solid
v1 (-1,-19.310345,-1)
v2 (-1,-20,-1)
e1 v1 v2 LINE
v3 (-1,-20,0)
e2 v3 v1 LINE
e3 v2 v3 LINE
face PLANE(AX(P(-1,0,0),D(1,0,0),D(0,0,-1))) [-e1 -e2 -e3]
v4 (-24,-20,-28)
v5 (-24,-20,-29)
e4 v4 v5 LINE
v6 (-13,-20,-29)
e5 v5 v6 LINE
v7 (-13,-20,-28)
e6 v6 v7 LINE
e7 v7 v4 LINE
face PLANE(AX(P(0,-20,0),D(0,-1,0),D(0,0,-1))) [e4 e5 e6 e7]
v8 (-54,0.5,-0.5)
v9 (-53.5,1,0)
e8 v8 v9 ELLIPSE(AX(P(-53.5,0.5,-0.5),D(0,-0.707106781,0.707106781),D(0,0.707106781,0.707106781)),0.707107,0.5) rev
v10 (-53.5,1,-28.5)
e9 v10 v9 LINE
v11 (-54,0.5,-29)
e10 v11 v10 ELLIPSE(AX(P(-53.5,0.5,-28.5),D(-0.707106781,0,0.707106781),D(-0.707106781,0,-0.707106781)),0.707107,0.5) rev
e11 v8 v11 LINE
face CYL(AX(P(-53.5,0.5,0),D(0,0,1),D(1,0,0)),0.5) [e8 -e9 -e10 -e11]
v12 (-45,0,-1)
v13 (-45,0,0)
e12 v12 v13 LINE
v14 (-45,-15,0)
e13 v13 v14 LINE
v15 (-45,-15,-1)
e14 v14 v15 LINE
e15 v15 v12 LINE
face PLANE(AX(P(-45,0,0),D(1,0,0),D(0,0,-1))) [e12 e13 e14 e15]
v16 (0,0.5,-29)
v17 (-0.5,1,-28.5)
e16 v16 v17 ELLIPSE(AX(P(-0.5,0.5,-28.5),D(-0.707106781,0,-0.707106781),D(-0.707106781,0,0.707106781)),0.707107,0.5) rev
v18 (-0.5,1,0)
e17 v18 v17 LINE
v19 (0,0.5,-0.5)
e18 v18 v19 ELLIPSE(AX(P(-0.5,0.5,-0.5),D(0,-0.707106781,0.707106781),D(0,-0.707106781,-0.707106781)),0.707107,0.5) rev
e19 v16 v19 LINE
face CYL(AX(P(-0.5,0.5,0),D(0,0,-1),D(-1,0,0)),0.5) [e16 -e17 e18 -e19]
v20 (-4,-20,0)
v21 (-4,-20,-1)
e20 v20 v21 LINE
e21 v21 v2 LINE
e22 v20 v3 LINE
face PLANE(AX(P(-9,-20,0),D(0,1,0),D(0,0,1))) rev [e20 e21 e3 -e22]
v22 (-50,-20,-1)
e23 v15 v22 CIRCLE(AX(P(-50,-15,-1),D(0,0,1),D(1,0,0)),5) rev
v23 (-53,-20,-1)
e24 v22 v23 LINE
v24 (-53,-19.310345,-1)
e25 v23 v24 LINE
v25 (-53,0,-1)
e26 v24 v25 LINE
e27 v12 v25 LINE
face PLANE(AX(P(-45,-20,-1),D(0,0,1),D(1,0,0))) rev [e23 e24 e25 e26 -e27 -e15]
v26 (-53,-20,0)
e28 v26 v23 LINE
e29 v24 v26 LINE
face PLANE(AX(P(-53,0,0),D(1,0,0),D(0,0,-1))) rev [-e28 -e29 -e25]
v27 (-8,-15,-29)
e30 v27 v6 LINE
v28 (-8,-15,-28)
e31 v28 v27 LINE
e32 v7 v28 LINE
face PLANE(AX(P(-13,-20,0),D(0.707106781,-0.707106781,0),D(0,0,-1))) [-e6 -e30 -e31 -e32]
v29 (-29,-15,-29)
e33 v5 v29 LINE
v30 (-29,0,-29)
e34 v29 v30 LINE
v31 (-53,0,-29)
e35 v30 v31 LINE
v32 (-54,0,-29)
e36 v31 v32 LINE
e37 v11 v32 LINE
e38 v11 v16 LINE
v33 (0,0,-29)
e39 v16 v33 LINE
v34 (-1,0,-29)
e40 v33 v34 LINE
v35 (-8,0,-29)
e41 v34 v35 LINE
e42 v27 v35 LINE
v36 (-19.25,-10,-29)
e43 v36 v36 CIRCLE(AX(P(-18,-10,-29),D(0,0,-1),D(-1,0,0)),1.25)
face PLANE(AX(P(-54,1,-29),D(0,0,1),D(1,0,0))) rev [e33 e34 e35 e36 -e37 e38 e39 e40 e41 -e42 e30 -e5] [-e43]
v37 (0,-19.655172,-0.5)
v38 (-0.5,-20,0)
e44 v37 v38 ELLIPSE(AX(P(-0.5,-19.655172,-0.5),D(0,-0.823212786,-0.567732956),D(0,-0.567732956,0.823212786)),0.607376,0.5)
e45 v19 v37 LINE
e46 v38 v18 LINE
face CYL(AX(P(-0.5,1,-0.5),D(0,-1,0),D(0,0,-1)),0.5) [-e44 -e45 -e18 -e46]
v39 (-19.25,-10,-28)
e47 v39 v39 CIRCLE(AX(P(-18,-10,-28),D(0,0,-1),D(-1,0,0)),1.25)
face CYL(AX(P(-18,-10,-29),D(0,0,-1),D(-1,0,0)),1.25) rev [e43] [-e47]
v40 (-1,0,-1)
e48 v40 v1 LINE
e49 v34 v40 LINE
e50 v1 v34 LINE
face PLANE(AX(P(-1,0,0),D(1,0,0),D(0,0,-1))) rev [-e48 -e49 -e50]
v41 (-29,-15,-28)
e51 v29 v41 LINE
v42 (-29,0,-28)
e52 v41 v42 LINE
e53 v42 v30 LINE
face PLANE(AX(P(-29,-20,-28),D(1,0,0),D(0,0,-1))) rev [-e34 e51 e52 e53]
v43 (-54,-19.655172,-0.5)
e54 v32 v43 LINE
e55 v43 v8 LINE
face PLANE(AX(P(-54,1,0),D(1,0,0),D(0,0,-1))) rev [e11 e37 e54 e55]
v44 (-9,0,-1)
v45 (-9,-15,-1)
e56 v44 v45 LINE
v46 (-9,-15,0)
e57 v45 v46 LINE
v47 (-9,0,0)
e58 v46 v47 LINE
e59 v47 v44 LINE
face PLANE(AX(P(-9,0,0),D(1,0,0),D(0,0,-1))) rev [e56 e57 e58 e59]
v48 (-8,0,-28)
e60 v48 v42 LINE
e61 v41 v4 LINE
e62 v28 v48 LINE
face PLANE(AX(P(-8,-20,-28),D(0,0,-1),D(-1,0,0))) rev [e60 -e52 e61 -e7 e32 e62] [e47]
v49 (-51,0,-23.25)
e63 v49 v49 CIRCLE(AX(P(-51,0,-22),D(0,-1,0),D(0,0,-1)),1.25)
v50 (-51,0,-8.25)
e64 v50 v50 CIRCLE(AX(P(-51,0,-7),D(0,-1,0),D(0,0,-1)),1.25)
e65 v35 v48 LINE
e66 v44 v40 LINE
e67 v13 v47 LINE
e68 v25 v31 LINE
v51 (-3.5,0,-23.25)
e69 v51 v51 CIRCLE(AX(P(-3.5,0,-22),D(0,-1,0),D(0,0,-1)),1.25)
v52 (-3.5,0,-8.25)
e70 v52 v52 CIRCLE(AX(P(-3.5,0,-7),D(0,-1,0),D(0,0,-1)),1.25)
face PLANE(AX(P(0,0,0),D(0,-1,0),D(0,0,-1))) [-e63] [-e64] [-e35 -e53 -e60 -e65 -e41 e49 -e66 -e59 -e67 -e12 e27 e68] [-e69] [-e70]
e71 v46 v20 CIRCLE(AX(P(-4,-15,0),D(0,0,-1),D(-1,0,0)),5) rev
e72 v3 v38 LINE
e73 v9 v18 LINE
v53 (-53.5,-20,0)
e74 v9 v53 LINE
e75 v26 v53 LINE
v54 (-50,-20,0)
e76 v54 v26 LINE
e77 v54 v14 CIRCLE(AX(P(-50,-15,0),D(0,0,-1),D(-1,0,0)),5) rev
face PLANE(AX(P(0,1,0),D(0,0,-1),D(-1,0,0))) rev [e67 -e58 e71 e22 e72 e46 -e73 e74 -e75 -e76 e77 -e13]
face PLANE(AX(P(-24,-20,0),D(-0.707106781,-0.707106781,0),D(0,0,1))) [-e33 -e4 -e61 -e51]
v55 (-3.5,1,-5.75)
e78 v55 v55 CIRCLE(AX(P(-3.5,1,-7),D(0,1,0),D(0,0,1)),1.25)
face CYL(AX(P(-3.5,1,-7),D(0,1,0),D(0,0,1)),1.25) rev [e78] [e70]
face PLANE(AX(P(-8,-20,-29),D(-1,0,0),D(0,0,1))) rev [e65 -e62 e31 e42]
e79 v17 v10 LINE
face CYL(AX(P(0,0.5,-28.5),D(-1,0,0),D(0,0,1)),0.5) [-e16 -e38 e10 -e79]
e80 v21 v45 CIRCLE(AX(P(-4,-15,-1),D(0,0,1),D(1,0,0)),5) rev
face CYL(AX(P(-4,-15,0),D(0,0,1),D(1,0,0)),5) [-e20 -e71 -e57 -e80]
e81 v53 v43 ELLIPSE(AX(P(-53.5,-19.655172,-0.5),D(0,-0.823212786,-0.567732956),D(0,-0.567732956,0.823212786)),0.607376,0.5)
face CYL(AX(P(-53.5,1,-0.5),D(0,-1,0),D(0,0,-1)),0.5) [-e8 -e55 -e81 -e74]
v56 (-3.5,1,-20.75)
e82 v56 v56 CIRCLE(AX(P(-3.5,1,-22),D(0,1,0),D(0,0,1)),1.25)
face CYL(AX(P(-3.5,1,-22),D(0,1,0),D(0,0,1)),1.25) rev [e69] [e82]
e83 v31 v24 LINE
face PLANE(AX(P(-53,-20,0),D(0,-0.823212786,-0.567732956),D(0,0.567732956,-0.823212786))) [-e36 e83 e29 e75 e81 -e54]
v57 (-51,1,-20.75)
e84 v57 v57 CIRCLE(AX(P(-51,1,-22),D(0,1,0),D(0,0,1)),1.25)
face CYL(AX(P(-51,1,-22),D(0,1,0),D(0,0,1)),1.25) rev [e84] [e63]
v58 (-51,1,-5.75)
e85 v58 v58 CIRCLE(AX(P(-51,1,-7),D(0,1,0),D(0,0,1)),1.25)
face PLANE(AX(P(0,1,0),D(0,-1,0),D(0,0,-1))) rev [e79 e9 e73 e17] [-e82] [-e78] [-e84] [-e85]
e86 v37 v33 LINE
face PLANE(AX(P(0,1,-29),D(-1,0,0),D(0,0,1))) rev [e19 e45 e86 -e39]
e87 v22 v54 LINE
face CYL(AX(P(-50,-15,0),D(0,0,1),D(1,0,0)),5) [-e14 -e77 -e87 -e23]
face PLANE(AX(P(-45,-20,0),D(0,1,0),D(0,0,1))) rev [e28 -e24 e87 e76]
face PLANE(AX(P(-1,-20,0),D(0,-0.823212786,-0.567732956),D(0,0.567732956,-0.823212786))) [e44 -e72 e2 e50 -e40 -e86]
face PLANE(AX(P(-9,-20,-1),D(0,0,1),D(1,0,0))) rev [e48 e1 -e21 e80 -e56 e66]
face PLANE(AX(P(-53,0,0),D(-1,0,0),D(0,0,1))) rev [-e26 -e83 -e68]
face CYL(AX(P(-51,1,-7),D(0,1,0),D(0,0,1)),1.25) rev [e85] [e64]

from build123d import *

# Parameters (mm, degrees)
SKETCH_1_W         = 54
SKETCH_1_H         = 29
EXTRUDE_1_DEPTH    = 1
EXTRUDE_2_DEPTH    = 1
EXTRUDE_3_DEPTH    = 1
SKETCH_4_W         = 1
SKETCH_4_H         = 20
EXTRUDE_4_DEPTH    = 8
SKETCH_5_W         = 1
SKETCH_5_H         = 20
EXTRUDE_5_DEPTH    = 8
SKETCH_6_W         = 21
SKETCH_6_H         = 1
EXTRUDE_6_DEPTH    = 20
HOLE_WIZARD_M3_1_D = 2.5
CHAMFER_1_SIZE     = 5
FILLET_1_R         = 0.5
FILLET_2_R         = 5
HOLE_WIZARD_M3_2_D = 2.5


with BuildPart() as part:
    # 草图1 → 凸台-拉伸1 (new body)
    with BuildSketch(Plane(origin=(0, 0, 0), x_dir=(1, 0, 0), z_dir=(0, 1, 0))):
        with Locations((-27, 14.5)):
            Rectangle(SKETCH_1_W, SKETCH_1_H)
    extrude(amount=EXTRUDE_1_DEPTH)

    # 草图2 → 凸台-拉伸2 (add)
    with BuildSketch(Plane.ZY.offset(54)):
        Polygon((-29, 0), (0, 0), (0, -20), align=None)
    extrude(amount=-EXTRUDE_2_DEPTH)

    # 草图3 → 凸台-拉伸3 (add)
    with BuildSketch(Plane(origin=(0, 0, 0), x_dir=(0, 0, -1), z_dir=(1, 0, 0))):
        Polygon((0, 0), (0, -20), (29, 0), align=None)
    extrude(amount=-EXTRUDE_3_DEPTH)

    # 草图4 → 凸台-拉伸4 (add)
    with BuildSketch(Plane.ZY.offset(1)):
        with Locations((-0.5, -10)):
            Rectangle(SKETCH_4_W, SKETCH_4_H)
    extrude(amount=EXTRUDE_4_DEPTH)

    # 草图5 → 凸台-拉伸5 (add)
    with BuildSketch(Plane(origin=(-53, 0, 0), x_dir=(0, 0, -1), z_dir=(1, 0, 0))):
        with Locations((0.5, -10)):
            Rectangle(SKETCH_5_W, SKETCH_5_H)
    extrude(amount=EXTRUDE_5_DEPTH)

    # 草图6 → 凸台-拉伸6 (add)
    with BuildSketch(Plane.XZ):
        with Locations((-18.5, -28.5)):
            Rectangle(SKETCH_6_W, SKETCH_6_H)
    extrude(amount=EXTRUDE_6_DEPTH)

    # M3 螺纹孔1 (through all)
    with Locations(Plane(origin=(0, 0, -29), x_dir=(-1, 0, 0), z_dir=(0, 0, -1))):
        with Locations((18, -10)):
            Hole(HOLE_WIZARD_M3_1_D / 2)

    # 倒角1
    chamfer_1_edges = [part.edges().sort_by_distance(p)[0] for p in [
        (-8, -20, -28.5),
        (-29, -20, -28.5),
    ]]
    chamfer(chamfer_1_edges, length=CHAMFER_1_SIZE)

    # 圆角1
    fillet_1_edges = [part.edges().sort_by_distance(p)[0] for p in [
        (-54, 1, -14.5),
        (0, 1, -14.5),
        (-27, 1, -29),
        (0, -9.5, 0),
        (-54, -9.5, 0),
    ]]
    fillet(fillet_1_edges, radius=FILLET_1_R)

    # 圆角2
    fillet_2_edges = [part.edges().sort_by_distance(p)[0] for p in [
        (-9, -20, -0.5),
        (-45, -20, -0.5),
    ]]
    fillet(fillet_2_edges, radius=FILLET_2_R)

    # M3 螺纹孔2 (through all)
    with Locations(Plane(origin=(0, 1, 0), x_dir=(1, 0, 0), z_dir=(0, 1, 0))):
        with Locations((-51, 22), (-51, 7), (-3.5, 7), (-3.5, 22)):
            Hole(HOLE_WIZARD_M3_2_D / 2)


solid = part.part
